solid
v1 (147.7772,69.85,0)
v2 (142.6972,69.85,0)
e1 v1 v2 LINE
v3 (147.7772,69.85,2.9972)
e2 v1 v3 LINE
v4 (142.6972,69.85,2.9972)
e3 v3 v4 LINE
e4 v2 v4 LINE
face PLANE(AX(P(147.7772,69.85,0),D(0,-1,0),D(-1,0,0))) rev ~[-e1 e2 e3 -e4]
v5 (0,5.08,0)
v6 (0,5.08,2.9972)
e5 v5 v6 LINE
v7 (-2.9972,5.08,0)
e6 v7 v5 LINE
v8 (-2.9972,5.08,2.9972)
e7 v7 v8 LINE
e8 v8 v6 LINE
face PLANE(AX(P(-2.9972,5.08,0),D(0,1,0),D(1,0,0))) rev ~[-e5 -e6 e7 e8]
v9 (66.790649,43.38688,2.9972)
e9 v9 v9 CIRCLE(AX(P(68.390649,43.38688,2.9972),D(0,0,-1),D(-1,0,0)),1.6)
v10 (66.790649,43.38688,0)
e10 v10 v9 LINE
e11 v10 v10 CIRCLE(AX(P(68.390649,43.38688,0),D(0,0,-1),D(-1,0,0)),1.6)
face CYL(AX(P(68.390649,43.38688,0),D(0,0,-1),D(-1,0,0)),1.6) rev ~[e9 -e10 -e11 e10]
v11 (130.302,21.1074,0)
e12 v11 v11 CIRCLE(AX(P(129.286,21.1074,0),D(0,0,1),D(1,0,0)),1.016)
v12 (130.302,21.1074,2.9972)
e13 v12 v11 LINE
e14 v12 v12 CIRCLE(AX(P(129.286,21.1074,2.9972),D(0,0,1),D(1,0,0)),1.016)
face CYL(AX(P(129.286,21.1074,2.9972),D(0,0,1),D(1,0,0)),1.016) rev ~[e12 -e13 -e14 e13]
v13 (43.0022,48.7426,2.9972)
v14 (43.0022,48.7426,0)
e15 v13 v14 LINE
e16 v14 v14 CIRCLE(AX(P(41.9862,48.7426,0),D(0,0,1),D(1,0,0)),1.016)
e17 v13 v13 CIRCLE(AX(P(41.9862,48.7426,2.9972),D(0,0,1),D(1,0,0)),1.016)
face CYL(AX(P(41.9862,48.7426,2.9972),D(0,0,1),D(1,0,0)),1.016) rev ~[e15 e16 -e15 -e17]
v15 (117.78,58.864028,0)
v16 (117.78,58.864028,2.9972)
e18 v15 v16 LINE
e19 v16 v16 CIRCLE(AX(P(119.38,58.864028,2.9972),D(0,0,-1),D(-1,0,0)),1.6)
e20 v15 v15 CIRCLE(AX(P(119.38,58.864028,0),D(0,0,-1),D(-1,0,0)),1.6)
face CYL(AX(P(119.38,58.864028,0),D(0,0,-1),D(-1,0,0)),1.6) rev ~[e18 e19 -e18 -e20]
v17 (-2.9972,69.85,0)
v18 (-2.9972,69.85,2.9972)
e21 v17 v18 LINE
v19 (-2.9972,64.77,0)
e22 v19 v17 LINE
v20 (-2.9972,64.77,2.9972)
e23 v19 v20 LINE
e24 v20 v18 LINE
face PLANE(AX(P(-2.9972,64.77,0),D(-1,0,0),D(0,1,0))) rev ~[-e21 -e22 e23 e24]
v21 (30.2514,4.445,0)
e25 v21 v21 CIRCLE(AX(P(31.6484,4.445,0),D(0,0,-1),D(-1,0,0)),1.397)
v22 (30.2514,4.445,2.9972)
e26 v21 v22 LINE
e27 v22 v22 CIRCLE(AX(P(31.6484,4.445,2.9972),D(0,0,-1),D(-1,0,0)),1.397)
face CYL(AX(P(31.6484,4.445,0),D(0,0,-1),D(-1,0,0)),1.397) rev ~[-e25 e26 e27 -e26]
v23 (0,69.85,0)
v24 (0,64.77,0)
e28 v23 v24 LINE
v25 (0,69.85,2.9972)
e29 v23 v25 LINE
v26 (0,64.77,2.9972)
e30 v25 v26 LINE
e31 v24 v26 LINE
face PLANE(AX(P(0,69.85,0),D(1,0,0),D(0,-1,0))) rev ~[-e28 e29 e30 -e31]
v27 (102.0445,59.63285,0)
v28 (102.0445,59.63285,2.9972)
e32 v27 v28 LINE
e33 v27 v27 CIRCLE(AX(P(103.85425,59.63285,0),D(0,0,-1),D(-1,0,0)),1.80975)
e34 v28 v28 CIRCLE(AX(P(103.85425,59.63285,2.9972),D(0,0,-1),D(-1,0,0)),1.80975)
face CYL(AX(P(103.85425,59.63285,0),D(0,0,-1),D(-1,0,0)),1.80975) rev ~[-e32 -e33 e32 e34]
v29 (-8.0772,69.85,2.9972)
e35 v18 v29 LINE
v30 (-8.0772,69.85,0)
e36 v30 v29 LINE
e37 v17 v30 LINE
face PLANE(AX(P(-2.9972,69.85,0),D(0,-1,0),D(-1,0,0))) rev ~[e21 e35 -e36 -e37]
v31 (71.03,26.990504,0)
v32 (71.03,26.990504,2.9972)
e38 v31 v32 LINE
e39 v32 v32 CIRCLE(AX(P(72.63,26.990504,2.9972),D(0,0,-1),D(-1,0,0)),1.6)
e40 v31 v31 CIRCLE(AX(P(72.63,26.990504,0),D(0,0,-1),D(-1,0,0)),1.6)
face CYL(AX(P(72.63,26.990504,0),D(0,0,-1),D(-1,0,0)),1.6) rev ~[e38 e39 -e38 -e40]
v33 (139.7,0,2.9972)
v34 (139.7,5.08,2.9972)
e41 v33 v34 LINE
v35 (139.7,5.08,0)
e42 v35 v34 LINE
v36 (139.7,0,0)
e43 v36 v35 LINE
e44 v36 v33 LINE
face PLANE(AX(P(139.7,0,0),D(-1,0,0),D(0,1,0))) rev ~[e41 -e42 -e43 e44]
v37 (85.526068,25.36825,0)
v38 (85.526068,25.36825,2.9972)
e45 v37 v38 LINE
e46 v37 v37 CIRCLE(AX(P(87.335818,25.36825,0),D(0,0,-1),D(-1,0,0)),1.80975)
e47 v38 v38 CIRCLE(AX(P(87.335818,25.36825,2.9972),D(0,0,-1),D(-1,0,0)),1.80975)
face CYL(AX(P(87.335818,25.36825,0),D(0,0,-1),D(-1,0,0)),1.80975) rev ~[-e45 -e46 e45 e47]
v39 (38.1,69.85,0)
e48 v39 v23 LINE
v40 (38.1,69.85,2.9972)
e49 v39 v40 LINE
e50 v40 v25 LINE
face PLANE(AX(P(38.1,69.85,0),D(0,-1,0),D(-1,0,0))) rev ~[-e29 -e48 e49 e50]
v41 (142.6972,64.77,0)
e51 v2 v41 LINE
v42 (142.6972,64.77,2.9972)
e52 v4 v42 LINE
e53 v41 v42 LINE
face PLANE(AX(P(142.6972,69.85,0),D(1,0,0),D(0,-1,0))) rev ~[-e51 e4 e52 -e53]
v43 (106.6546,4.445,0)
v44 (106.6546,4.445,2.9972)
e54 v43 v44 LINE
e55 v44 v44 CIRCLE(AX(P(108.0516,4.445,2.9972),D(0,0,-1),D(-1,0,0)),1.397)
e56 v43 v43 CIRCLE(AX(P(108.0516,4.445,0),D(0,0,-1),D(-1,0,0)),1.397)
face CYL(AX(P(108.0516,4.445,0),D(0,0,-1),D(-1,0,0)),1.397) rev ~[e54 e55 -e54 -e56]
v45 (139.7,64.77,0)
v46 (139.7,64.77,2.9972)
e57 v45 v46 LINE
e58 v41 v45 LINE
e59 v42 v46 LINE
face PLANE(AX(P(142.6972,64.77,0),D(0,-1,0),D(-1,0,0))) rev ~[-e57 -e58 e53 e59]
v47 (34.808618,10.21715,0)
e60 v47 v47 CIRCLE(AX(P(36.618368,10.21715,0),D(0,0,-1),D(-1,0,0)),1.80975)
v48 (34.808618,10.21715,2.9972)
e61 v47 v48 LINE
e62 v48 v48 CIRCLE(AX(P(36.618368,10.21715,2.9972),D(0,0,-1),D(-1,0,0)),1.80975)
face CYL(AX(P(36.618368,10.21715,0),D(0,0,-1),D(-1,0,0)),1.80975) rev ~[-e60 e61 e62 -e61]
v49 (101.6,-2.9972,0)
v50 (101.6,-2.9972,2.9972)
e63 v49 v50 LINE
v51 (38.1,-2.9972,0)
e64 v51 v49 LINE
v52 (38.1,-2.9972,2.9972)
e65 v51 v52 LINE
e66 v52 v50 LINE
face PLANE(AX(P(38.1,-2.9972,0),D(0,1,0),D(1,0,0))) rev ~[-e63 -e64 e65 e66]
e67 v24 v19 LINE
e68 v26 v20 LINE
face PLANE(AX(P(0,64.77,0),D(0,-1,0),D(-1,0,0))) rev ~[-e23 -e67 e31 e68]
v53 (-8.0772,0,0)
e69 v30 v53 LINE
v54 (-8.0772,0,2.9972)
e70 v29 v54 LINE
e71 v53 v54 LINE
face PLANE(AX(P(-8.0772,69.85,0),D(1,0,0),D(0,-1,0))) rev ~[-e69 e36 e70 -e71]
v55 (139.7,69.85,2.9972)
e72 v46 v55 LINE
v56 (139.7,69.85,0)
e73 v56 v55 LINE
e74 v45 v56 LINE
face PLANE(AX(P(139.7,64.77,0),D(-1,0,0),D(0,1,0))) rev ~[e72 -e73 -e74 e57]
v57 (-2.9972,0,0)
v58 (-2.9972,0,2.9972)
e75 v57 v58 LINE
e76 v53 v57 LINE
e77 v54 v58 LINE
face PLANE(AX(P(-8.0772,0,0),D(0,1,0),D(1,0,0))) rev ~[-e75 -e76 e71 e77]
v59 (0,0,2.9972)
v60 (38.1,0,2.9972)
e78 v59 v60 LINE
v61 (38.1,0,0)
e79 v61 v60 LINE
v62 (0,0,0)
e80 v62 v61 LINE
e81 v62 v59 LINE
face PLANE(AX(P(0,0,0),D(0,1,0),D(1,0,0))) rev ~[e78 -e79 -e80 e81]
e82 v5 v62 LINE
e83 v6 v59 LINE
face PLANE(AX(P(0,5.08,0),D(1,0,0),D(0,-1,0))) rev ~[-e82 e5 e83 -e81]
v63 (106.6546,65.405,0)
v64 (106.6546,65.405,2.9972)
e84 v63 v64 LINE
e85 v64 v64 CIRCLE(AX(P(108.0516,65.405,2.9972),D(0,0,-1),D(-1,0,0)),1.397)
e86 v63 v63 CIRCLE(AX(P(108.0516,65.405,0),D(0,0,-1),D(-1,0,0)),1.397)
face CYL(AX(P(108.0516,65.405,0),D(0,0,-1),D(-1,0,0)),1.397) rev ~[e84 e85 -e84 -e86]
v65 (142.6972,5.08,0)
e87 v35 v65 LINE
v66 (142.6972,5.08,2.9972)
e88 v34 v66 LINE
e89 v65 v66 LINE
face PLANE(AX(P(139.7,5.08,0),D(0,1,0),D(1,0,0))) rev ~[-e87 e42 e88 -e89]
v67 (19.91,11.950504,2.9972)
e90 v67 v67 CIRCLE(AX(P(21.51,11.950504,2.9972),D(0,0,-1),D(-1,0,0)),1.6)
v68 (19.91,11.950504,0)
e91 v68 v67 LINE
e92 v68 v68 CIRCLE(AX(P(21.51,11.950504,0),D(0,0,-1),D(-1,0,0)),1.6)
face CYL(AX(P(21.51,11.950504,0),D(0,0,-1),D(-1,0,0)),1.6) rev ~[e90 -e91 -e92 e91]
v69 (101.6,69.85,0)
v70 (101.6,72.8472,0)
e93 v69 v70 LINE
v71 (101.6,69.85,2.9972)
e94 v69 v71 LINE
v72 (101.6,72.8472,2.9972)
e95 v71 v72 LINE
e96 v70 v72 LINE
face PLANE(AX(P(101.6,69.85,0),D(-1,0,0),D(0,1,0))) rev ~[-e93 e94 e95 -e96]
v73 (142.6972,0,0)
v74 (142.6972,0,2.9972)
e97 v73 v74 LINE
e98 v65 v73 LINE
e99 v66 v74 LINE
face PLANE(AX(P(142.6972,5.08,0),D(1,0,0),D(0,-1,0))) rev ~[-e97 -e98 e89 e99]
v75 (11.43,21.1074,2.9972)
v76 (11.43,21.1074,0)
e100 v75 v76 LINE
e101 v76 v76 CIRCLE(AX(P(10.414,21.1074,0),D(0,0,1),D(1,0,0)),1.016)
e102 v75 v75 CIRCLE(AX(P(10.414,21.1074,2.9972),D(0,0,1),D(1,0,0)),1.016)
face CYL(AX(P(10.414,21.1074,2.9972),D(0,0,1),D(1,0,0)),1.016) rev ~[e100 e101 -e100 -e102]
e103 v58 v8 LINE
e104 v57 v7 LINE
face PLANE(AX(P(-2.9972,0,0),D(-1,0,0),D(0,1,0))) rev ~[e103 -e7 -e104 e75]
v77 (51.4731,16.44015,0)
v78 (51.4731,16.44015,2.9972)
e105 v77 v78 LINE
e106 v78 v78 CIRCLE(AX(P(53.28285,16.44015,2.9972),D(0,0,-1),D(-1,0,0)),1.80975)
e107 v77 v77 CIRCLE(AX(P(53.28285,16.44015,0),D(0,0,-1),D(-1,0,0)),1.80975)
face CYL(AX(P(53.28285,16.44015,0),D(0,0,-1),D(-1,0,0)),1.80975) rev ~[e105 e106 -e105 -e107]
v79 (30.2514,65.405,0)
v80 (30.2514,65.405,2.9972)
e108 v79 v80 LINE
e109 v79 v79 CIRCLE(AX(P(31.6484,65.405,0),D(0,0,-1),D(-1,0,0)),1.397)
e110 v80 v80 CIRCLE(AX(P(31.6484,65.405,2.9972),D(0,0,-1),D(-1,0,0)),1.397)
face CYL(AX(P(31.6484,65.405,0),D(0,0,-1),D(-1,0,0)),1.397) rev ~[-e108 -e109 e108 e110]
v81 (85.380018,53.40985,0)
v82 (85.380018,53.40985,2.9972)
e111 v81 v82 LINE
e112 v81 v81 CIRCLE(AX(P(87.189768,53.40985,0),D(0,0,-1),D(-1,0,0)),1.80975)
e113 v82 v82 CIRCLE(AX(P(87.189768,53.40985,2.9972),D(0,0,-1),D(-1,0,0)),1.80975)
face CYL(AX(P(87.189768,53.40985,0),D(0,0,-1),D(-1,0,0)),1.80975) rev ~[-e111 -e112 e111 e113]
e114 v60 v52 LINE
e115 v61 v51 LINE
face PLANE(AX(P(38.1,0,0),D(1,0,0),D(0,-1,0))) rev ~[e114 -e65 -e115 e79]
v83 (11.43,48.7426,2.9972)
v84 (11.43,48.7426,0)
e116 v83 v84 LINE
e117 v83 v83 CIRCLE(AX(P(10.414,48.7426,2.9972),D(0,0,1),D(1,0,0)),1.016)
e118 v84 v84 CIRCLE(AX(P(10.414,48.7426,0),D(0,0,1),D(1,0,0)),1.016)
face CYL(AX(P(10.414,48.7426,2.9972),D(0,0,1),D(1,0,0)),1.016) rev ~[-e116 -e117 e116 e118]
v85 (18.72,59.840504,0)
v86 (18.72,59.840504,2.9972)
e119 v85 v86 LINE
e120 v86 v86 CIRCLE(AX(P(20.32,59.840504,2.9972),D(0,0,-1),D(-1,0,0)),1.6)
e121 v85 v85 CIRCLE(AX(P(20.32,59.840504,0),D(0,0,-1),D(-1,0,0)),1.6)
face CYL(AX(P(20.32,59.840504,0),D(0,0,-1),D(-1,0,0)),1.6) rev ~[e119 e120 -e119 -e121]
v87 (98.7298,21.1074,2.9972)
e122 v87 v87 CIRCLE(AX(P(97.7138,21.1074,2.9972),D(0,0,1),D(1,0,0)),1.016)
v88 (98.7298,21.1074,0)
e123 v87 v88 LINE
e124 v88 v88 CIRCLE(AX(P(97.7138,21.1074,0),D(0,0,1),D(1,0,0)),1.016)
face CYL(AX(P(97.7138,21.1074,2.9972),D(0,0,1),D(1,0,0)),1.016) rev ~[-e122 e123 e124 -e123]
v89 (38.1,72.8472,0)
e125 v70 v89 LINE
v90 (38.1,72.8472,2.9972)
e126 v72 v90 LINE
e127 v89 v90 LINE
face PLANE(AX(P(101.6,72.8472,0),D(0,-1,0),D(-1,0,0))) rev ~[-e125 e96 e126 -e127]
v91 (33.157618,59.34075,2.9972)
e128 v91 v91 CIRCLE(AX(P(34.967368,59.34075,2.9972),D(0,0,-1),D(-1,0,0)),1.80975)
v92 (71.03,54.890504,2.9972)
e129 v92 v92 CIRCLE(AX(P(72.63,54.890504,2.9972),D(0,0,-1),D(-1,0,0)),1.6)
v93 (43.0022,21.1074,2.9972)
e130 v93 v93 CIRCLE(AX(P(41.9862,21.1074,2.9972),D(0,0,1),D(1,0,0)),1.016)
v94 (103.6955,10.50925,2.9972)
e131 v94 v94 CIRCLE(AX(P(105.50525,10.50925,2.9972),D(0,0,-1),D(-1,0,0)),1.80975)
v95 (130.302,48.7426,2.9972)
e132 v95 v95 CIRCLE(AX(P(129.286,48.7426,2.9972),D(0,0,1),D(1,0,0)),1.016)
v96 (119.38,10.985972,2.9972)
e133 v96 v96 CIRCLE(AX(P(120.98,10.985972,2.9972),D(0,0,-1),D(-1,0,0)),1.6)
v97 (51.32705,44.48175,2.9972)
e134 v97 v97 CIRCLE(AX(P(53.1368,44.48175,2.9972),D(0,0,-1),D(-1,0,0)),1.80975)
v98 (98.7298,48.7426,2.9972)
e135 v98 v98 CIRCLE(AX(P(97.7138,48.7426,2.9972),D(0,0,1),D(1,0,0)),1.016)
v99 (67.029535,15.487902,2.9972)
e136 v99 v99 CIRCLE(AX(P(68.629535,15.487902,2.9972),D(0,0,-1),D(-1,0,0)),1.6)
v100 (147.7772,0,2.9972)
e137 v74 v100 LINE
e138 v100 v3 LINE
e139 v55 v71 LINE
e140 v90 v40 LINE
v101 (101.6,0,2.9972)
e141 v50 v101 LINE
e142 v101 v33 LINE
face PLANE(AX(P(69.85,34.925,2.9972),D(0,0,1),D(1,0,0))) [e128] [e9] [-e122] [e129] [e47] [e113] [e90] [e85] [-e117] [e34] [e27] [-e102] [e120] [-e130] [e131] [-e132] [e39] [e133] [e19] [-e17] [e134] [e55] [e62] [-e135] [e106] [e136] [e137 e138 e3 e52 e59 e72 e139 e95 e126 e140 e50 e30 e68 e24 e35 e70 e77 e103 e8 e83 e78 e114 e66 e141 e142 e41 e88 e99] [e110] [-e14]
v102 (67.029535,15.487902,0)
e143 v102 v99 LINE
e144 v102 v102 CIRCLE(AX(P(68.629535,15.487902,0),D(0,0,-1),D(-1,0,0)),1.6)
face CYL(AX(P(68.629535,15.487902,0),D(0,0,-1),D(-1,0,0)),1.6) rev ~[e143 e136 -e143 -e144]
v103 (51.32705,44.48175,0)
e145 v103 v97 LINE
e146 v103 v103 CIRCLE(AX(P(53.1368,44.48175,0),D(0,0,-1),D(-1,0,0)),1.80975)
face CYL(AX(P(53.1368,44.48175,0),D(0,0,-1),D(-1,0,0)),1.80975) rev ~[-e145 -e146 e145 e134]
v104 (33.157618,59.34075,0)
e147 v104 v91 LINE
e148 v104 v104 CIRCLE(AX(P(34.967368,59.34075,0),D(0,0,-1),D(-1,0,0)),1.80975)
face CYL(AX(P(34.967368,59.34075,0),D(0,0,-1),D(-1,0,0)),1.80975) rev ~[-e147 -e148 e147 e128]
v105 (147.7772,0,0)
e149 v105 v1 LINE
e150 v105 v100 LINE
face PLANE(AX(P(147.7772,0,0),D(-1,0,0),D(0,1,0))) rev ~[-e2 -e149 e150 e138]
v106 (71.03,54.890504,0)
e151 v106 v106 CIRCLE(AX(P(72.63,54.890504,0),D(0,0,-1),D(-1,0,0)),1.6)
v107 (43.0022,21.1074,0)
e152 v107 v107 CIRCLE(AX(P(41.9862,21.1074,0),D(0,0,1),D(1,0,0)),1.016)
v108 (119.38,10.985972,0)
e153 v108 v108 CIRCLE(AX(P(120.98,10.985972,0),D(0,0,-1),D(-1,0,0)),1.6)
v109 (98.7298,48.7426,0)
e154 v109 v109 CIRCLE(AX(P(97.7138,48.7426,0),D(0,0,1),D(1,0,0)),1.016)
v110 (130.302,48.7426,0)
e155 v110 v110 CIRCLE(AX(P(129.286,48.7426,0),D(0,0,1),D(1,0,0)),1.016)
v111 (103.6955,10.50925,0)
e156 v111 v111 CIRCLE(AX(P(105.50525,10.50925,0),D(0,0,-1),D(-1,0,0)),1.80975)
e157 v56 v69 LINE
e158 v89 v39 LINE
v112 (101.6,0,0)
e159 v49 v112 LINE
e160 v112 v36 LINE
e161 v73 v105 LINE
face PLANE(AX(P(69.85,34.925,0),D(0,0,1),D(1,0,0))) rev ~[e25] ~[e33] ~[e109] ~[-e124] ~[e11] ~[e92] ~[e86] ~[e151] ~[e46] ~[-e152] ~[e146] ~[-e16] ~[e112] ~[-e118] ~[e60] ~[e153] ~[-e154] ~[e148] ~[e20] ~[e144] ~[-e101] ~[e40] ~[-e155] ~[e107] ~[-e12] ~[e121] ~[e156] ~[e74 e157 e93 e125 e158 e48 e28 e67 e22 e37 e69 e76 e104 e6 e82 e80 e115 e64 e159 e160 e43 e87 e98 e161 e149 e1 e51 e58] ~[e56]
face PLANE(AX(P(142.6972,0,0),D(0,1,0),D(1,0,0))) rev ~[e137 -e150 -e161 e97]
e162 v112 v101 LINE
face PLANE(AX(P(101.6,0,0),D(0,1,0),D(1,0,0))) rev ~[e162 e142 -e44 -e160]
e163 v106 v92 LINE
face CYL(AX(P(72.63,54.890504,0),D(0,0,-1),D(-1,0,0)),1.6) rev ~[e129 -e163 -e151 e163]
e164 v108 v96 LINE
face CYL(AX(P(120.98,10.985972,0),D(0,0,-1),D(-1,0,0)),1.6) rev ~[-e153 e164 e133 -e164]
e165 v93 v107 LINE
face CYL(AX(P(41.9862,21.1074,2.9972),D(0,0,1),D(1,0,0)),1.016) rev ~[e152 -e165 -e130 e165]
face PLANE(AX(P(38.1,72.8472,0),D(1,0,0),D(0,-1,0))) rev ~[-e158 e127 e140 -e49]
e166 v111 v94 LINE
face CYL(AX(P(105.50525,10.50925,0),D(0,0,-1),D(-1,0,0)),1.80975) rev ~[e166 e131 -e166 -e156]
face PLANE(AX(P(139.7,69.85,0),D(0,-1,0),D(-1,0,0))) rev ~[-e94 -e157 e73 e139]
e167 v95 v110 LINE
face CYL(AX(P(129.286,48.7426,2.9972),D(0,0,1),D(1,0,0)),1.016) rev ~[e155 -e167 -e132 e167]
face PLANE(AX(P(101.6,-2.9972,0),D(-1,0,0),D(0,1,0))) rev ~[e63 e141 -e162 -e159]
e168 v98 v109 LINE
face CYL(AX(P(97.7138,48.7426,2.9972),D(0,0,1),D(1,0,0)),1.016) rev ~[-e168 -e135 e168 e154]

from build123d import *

# Parameters (mm, degrees)
BOSS_EXTRUDE1_DEPTH = 2.9972
SKETCH9_R           = 1.397
CUT_EXTRUDE3_DEPTH  = 3.9972
SKETCH10_R          = 1.80975
CUT_EXTRUDE4_DEPTH  = 3.9972
SKETCH11_R          = 1.6
CUT_EXTRUDE5_DEPTH  = 3.9972
SKETCH12_R          = 1.016
CUT_EXTRUDE6_DEPTH  = 3.9972


with BuildPart() as part:
    # Sketch3 → Boss-Extrude1 (new body)
    with BuildSketch(Plane.XY):
        Polygon((38.1, 0), (38.1, -2.9972), (101.6, -2.9972), (101.6, 0), (139.7, 0), (139.7, 5.08), (142.6972, 5.08), (142.6972, 0), (147.7772, 0), (147.7772, 69.85), (142.6972, 69.85), (142.6972, 64.77), (139.7, 64.77), (139.7, 69.85), (101.6, 69.85), (101.6, 72.8472), (38.1, 72.8472), (38.1, 69.85), (0, 69.85), (0, 64.77), (-2.9972, 64.77), (-2.9972, 69.85), (-8.0772, 69.85), (-8.0772, 0), (-2.9972, 0), (-2.9972, 5.08), (0, 5.08), (0, 0), align=None)
    extrude(amount=BOSS_EXTRUDE1_DEPTH)

    # Sketch9 → Cut-Extrude3 (cut, through all)
    with BuildSketch(Plane(origin=(0, 0, 0), x_dir=(-1, 0, 0), z_dir=(0, 0, -1))):
        with Locations((-31.6484, 4.445)):
            Circle(SKETCH9_R)
        with Locations((-108.0516, 65.405)):
            Circle(SKETCH9_R)
        with Locations((-108.0516, 4.445)):
            Circle(SKETCH9_R)
        with Locations((-31.6484, 65.405)):
            Circle(SKETCH9_R)
    extrude(amount=-CUT_EXTRUDE3_DEPTH, mode=Mode.SUBTRACT)

    # Sketch10 → Cut-Extrude4 (cut, through all)
    with BuildSketch(Plane(origin=(0, 0, 0), x_dir=(-1, 0, 0), z_dir=(0, 0, -1))):
        with Locations((-53.1368, 44.48175)):
            Circle(SKETCH10_R)
        with Locations((-34.967367815, 59.34075)):
            Circle(SKETCH10_R)
        with Locations((-87.189767815, 53.40985)):
            Circle(SKETCH10_R)
        with Locations((-103.85425, 59.63285)):
            Circle(SKETCH10_R)
        with Locations((-87.335817815, 25.36825)):
            Circle(SKETCH10_R)
        with Locations((-105.50525, 10.50925)):
            Circle(SKETCH10_R)
        with Locations((-53.28285, 16.44015)):
            Circle(SKETCH10_R)
        with Locations((-36.618367815, 10.21715)):
            Circle(SKETCH10_R)
    extrude(amount=-CUT_EXTRUDE4_DEPTH, mode=Mode.SUBTRACT)

    # Sketch11 → Cut-Extrude5 (cut, through all)
    with BuildSketch(Plane(origin=(0, 0, 0), x_dir=(-1, 0, 0), z_dir=(0, 0, -1))):
        with Locations((-119.38, 58.864027758)):
            Circle(SKETCH11_R)
        with Locations((-120.98, 10.985972242)):
            Circle(SKETCH11_R)
        with Locations((-68.629534614, 15.487902261)):
            Circle(SKETCH11_R)
        with Locations((-68.390649314, 43.386879551)):
            Circle(SKETCH11_R)
        with Locations((-21.50999995, 11.950503851)):
            Circle(SKETCH11_R)
        with Locations((-20.32, 59.840503852)):
            Circle(SKETCH11_R)
        with Locations((-72.629999995, 54.890503798)):
            Circle(SKETCH11_R)
        with Locations((-72.629999966, 26.990503798)):
            Circle(SKETCH11_R)
    extrude(amount=-CUT_EXTRUDE5_DEPTH, mode=Mode.SUBTRACT)

    # Sketch12 → Cut-Extrude6 (cut, through all)
    with BuildSketch(Plane.XY.offset(2.9972)):
        with Locations((10.414, 21.1074)):
            Circle(SKETCH12_R)
        with Locations((10.414, 48.7426)):
            Circle(SKETCH12_R)
        with Locations((41.9862, 21.1074)):
            Circle(SKETCH12_R)
        with Locations((41.9862, 48.7426)):
            Circle(SKETCH12_R)
        with Locations((129.286, 21.1074)):
            Circle(SKETCH12_R)
        with Locations((129.286, 48.7426)):
            Circle(SKETCH12_R)
        with Locations((97.7138, 21.1074)):
            Circle(SKETCH12_R)
        with Locations((97.7138, 48.7426)):
            Circle(SKETCH12_R)
    extrude(amount=-CUT_EXTRUDE6_DEPTH, mode=Mode.SUBTRACT)


solid = part.part
